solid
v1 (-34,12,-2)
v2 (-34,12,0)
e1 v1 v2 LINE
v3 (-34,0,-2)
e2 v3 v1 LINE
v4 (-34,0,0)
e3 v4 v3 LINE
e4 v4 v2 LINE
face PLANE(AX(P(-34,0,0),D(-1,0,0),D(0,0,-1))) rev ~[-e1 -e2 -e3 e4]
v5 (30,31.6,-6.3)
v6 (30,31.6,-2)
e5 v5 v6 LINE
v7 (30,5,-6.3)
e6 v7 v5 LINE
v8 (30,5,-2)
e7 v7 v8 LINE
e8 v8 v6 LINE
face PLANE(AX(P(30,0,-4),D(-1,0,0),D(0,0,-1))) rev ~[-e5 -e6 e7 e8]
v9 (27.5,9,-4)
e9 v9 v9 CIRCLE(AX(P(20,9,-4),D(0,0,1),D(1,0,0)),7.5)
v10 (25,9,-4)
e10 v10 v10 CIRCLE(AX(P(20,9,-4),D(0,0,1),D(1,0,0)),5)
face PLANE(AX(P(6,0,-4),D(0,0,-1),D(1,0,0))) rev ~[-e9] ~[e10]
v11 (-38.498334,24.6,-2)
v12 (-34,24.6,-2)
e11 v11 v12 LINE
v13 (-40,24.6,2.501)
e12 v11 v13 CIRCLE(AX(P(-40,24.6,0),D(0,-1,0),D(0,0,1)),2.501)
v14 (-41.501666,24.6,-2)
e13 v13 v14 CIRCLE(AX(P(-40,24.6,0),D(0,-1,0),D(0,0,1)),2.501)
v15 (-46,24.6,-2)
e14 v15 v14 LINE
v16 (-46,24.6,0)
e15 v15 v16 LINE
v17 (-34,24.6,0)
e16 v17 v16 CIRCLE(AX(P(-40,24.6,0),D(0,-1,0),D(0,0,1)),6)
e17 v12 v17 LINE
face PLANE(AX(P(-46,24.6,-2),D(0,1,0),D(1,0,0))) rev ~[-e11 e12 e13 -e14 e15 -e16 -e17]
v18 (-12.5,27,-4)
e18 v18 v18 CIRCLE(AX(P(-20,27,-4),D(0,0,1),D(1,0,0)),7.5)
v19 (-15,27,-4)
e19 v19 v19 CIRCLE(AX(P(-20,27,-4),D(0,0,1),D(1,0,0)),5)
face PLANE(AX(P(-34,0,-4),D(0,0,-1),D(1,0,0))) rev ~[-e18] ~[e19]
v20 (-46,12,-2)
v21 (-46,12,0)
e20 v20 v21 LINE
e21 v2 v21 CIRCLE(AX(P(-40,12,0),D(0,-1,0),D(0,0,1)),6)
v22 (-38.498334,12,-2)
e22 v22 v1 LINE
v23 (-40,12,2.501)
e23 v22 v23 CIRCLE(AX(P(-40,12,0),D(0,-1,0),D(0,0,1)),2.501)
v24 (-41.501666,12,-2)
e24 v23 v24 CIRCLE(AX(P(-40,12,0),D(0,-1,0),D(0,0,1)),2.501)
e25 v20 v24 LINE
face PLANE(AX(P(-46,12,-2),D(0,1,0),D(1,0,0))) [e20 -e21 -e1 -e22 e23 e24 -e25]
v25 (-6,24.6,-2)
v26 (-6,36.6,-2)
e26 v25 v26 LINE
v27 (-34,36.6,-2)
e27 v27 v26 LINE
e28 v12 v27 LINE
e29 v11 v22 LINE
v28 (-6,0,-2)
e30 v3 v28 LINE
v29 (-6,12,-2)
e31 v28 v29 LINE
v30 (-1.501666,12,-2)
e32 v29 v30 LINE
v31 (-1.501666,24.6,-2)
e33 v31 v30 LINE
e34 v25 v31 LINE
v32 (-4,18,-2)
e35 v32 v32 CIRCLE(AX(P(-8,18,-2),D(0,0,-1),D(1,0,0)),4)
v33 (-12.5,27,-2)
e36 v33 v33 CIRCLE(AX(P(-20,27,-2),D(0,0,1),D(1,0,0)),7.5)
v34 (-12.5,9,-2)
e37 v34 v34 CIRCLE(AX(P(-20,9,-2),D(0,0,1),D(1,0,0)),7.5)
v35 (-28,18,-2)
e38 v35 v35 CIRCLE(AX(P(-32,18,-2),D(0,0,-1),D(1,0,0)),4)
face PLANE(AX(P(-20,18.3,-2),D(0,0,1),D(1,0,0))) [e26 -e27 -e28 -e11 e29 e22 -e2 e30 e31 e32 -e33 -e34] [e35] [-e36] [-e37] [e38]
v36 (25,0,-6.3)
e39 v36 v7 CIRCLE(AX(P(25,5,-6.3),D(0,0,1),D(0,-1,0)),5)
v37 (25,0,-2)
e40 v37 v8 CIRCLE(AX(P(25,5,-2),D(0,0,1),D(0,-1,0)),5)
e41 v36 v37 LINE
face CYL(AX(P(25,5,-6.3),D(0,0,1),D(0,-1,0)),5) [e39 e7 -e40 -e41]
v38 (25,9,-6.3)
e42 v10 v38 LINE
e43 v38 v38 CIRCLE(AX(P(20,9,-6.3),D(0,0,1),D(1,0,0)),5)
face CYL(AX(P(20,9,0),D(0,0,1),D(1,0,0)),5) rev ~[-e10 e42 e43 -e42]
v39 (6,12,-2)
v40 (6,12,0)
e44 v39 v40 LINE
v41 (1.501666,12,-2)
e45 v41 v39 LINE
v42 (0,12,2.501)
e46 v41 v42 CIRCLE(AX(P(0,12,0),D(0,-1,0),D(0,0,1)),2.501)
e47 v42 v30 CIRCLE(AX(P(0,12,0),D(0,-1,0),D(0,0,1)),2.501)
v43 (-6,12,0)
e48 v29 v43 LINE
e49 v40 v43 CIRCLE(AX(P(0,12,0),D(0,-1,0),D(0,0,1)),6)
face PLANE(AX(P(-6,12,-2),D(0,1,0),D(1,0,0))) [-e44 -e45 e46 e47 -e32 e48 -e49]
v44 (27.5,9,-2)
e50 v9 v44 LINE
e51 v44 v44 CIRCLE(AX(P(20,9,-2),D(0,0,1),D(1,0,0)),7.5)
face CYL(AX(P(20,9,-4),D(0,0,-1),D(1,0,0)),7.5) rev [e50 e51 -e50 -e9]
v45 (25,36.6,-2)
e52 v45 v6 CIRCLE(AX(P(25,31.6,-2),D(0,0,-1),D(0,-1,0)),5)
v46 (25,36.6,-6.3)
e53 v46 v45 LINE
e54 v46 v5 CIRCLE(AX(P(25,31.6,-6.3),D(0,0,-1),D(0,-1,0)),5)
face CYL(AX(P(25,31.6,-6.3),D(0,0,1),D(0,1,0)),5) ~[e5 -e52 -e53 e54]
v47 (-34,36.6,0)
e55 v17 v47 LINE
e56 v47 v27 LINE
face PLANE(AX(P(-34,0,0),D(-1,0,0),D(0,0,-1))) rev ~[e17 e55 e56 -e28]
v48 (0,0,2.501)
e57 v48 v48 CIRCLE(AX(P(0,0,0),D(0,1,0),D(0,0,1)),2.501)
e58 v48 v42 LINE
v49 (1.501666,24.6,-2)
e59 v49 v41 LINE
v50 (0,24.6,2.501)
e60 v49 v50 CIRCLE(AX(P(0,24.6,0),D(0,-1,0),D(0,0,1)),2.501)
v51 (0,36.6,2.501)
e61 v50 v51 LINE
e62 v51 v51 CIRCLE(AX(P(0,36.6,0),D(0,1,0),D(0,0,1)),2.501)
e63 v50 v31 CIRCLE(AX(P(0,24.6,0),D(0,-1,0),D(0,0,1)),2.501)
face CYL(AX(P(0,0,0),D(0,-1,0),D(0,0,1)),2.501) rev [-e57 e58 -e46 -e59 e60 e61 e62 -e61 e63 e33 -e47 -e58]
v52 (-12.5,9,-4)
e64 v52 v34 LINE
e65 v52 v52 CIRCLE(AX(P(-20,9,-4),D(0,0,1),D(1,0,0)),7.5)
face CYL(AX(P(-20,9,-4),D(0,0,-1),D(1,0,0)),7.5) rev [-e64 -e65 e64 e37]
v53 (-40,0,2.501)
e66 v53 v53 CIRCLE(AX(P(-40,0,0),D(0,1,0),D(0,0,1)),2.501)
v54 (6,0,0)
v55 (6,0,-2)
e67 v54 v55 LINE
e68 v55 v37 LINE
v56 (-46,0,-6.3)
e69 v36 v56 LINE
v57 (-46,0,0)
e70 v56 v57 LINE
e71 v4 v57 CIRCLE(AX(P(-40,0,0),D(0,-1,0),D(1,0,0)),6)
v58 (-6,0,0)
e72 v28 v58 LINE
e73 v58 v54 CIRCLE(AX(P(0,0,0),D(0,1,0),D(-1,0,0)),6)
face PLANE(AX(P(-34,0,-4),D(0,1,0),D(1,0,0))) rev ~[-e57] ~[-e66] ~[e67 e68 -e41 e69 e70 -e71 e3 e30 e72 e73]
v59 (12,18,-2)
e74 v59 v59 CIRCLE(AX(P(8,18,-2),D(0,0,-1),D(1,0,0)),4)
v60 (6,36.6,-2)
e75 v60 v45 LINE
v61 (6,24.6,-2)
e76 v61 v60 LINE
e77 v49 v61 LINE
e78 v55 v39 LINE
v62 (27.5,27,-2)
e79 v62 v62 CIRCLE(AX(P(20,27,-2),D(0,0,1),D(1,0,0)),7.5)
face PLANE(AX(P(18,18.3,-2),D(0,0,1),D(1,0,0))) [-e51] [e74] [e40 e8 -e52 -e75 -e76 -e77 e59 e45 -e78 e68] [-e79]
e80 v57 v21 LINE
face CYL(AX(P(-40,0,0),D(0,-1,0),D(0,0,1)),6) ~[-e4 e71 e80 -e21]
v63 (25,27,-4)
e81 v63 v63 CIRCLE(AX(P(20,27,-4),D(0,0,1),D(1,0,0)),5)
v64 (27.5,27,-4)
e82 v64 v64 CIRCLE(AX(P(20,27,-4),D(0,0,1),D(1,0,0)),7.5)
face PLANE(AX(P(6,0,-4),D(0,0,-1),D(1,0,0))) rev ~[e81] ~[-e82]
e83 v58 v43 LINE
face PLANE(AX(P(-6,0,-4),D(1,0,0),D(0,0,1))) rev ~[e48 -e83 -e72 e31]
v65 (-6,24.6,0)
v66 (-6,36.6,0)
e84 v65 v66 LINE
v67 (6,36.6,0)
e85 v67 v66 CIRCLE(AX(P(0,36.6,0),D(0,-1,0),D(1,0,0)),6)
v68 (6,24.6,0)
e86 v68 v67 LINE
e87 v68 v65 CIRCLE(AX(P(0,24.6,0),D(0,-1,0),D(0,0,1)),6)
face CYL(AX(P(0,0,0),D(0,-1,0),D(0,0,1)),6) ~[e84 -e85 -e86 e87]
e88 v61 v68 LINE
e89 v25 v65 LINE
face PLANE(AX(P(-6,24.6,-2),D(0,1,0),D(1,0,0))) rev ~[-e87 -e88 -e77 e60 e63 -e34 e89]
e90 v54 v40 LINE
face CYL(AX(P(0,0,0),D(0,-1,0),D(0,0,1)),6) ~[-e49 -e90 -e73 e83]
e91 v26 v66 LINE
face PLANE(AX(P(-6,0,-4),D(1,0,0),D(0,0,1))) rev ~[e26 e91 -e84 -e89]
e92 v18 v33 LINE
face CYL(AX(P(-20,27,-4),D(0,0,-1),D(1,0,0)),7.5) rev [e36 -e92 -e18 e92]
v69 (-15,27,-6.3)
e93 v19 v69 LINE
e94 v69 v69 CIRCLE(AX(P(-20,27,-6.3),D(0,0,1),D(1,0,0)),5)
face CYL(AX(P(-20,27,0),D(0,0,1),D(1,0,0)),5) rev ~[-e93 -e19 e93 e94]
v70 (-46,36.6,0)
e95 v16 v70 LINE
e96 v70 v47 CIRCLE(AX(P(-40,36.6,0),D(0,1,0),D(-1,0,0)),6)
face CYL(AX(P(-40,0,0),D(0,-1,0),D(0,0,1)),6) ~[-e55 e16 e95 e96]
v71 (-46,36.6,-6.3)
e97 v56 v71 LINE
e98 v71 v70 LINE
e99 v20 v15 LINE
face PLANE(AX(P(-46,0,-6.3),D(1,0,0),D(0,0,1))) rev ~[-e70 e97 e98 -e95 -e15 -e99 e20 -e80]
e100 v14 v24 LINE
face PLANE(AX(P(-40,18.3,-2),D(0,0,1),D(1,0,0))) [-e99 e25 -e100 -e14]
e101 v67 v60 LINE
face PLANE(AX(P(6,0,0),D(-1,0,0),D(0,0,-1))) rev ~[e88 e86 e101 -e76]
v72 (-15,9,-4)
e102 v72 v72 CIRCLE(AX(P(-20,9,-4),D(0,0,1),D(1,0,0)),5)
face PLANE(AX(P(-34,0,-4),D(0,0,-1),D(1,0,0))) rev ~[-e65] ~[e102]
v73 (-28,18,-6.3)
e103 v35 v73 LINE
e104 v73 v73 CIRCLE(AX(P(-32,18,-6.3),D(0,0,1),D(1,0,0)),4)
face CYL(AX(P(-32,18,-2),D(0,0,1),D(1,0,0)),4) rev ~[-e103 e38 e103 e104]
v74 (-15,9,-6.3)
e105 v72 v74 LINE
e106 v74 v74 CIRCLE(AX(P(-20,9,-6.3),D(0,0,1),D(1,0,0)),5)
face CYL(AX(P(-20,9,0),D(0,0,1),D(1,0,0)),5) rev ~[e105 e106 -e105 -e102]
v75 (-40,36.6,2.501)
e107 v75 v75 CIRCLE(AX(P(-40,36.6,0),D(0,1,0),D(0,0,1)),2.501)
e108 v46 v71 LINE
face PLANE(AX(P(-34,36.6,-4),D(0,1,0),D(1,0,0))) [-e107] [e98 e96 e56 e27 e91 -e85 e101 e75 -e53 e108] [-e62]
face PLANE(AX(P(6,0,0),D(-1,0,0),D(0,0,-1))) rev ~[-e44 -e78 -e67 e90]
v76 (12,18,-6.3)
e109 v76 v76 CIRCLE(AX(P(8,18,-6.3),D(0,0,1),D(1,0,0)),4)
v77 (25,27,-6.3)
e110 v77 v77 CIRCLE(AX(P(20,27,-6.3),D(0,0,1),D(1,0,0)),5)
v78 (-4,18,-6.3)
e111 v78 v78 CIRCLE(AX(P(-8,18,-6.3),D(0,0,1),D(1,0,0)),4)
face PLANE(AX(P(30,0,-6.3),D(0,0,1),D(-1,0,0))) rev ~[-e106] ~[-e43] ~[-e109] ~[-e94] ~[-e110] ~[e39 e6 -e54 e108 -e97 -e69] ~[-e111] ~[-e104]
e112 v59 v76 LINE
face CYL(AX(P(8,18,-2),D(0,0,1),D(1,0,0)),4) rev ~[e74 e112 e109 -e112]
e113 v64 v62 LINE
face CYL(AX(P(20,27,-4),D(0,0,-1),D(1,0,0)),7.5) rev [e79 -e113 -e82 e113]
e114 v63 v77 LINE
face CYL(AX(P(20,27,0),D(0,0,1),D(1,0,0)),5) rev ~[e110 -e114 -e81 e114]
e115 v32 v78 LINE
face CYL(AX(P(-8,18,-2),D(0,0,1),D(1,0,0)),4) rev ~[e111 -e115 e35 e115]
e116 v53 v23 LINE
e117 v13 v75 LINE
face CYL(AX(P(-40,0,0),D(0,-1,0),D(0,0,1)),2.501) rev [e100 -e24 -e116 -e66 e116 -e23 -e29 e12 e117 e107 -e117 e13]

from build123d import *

# Parameters (mm, degrees)
SKETCH1_R             = 6
SKETCH1_R_2           = 2.501
BOSS_EXTRUDE1_DEPTH   = 36.6
BOSS_EXTRUDE1_2_DEPTH = 36.6
BOSS_EXTRUDE2_DEPTH   = 36.6
SKETCH2_R             = 5
CUT_EXTRUDE1_DEPTH    = 60.120639374
SKETCH6_W             = 28
SKETCH6_H             = 36.6
SKETCH6_R             = 7.5
SKETCH6_W_2           = 24
BOSS_EXTRUDE3_DEPTH   = 2
FILLET2_R             = 5
SKETCH7_R             = 4
CUT_EXTRUDE2_DEPTH    = 60.325879682
SKETCH8_W             = 12
SKETCH8_H             = 12.6
CUT_EXTRUDE3_DEPTH    = 60.325879682


with BuildPart() as part:
    # Sketch1 → Boss-Extrude1 (new body)
    with BuildSketch(Plane(origin=(0, 0, 0), x_dir=(1, 0, 0), z_dir=(0, 1, 0))):
        with Locations(Location((-40, 0, 0), (0, 0, 270))):
            Circle(SKETCH1_R)
        with Locations(Location((-40, 0, 0), (0, 0, 270))):
            Circle(SKETCH1_R_2, mode=Mode.SUBTRACT)
    extrude(amount=BOSS_EXTRUDE1_DEPTH)



with BuildPart() as body_2:
    # Sketch1 → Boss-Extrude1 2 (new body)
    with BuildSketch(Plane(origin=(0, 0, 0), x_dir=(1, 0, 0), z_dir=(0, 1, 0))):
        with Locations(Location((0, 0, 0), (0, 0, 270))):
            Circle(SKETCH1_R)
        with Locations(Location((0, 0, 0), (0, 0, 270))):
            Circle(SKETCH1_R_2, mode=Mode.SUBTRACT)
    extrude(amount=BOSS_EXTRUDE1_2_DEPTH)


with BuildPart() as part_1:
    add(part.part)

    add(body_2.part)  # Boss-Extrude2 merges body 2
    # Sketch3 → Boss-Extrude2 (add)
    with BuildSketch(Plane(origin=(0, 0, 0), x_dir=(1, 0, 0), z_dir=(0, 1, 0))):
        with BuildLine():
            Line((-34, 0), (-34, 4))
            Line((-34, 4), (-6, 4))
            Line((-6, 4), (-6, 0))
            ThreePointArc((-6, 0), (0, 6), (6, 0))
            Line((6, 0), (6, 4))
            Line((6, 4), (30, 4))
            Line((30, 4), (30, 6.3))
            Line((30, 6.3), (6, 6.3))
            Line((6, 6.3), (-46, 6.3))
            Line((-46, 6.3), (-46, 0))
            ThreePointArc((-46, 0), (-40, 6), (-34, 0))
        make_face()
    extrude(amount=BOSS_EXTRUDE2_DEPTH)

    # Sketch2 → Cut-Extrude1 (cut, through all)
    with BuildSketch(Plane.XY):
        with Locations((-20, 27)):
            Circle(SKETCH2_R)
        with Locations((-20, 9)):
            Circle(SKETCH2_R)
        with Locations((20, 27)):
            Circle(SKETCH2_R)
        with Locations((20, 9)):
            Circle(SKETCH2_R)
    extrude(amount=-CUT_EXTRUDE1_DEPTH, mode=Mode.SUBTRACT)

    # Sketch6 → Boss-Extrude3 (add)
    # profile 1 of 2: a face of its own
    with BuildSketch(Plane.XY.offset(-4)):
        with Locations((-20, 18.3)):
            Rectangle(SKETCH6_W, SKETCH6_H)
        with Locations((-20, 27)):
            Circle(SKETCH6_R, mode=Mode.SUBTRACT)
        with Locations((-20, 9)):
            Circle(SKETCH6_R, mode=Mode.SUBTRACT)
    # profile 2 of 2: a face of its own
    with BuildSketch(Plane.XY.offset(-4)):
        with Locations((18, 18.3)):
            Rectangle(SKETCH6_W_2, SKETCH6_H)
        with Locations((20, 27)):
            Circle(SKETCH6_R, mode=Mode.SUBTRACT)
        with Locations((20, 9)):
            Circle(SKETCH6_R, mode=Mode.SUBTRACT)
    extrude(amount=BOSS_EXTRUDE3_DEPTH)

    # Fillet2
    fillet2_edges = [part_1.edges().sort_by_distance(p)[0] for p in [
        (30, 36.6, -4.15),
        (30, 0, -4.15),
    ]]
    fillet(fillet2_edges, radius=FILLET2_R)

    # Sketch7 → Cut-Extrude2 (cut, through all)
    with BuildSketch(Plane.XY.offset(-2)):
        with Locations((-32, 18)):
            Circle(SKETCH7_R)
        with Locations((-8, 18)):
            Circle(SKETCH7_R)
        with Locations((8, 18)):
            Circle(SKETCH7_R)
    extrude(amount=-CUT_EXTRUDE2_DEPTH, mode=Mode.SUBTRACT)

    # Sketch8 → Cut-Extrude3 (cut, through all)
    with BuildSketch(Plane.XY.offset(-2)):
        with Locations((0, 18.3)):
            Rectangle(SKETCH8_W, SKETCH8_H)
        with Locations((-40, 18.3)):
            Rectangle(SKETCH8_W, SKETCH8_H)
    extrude(amount=CUT_EXTRUDE3_DEPTH, mode=Mode.SUBTRACT)


solid = part_1.part
